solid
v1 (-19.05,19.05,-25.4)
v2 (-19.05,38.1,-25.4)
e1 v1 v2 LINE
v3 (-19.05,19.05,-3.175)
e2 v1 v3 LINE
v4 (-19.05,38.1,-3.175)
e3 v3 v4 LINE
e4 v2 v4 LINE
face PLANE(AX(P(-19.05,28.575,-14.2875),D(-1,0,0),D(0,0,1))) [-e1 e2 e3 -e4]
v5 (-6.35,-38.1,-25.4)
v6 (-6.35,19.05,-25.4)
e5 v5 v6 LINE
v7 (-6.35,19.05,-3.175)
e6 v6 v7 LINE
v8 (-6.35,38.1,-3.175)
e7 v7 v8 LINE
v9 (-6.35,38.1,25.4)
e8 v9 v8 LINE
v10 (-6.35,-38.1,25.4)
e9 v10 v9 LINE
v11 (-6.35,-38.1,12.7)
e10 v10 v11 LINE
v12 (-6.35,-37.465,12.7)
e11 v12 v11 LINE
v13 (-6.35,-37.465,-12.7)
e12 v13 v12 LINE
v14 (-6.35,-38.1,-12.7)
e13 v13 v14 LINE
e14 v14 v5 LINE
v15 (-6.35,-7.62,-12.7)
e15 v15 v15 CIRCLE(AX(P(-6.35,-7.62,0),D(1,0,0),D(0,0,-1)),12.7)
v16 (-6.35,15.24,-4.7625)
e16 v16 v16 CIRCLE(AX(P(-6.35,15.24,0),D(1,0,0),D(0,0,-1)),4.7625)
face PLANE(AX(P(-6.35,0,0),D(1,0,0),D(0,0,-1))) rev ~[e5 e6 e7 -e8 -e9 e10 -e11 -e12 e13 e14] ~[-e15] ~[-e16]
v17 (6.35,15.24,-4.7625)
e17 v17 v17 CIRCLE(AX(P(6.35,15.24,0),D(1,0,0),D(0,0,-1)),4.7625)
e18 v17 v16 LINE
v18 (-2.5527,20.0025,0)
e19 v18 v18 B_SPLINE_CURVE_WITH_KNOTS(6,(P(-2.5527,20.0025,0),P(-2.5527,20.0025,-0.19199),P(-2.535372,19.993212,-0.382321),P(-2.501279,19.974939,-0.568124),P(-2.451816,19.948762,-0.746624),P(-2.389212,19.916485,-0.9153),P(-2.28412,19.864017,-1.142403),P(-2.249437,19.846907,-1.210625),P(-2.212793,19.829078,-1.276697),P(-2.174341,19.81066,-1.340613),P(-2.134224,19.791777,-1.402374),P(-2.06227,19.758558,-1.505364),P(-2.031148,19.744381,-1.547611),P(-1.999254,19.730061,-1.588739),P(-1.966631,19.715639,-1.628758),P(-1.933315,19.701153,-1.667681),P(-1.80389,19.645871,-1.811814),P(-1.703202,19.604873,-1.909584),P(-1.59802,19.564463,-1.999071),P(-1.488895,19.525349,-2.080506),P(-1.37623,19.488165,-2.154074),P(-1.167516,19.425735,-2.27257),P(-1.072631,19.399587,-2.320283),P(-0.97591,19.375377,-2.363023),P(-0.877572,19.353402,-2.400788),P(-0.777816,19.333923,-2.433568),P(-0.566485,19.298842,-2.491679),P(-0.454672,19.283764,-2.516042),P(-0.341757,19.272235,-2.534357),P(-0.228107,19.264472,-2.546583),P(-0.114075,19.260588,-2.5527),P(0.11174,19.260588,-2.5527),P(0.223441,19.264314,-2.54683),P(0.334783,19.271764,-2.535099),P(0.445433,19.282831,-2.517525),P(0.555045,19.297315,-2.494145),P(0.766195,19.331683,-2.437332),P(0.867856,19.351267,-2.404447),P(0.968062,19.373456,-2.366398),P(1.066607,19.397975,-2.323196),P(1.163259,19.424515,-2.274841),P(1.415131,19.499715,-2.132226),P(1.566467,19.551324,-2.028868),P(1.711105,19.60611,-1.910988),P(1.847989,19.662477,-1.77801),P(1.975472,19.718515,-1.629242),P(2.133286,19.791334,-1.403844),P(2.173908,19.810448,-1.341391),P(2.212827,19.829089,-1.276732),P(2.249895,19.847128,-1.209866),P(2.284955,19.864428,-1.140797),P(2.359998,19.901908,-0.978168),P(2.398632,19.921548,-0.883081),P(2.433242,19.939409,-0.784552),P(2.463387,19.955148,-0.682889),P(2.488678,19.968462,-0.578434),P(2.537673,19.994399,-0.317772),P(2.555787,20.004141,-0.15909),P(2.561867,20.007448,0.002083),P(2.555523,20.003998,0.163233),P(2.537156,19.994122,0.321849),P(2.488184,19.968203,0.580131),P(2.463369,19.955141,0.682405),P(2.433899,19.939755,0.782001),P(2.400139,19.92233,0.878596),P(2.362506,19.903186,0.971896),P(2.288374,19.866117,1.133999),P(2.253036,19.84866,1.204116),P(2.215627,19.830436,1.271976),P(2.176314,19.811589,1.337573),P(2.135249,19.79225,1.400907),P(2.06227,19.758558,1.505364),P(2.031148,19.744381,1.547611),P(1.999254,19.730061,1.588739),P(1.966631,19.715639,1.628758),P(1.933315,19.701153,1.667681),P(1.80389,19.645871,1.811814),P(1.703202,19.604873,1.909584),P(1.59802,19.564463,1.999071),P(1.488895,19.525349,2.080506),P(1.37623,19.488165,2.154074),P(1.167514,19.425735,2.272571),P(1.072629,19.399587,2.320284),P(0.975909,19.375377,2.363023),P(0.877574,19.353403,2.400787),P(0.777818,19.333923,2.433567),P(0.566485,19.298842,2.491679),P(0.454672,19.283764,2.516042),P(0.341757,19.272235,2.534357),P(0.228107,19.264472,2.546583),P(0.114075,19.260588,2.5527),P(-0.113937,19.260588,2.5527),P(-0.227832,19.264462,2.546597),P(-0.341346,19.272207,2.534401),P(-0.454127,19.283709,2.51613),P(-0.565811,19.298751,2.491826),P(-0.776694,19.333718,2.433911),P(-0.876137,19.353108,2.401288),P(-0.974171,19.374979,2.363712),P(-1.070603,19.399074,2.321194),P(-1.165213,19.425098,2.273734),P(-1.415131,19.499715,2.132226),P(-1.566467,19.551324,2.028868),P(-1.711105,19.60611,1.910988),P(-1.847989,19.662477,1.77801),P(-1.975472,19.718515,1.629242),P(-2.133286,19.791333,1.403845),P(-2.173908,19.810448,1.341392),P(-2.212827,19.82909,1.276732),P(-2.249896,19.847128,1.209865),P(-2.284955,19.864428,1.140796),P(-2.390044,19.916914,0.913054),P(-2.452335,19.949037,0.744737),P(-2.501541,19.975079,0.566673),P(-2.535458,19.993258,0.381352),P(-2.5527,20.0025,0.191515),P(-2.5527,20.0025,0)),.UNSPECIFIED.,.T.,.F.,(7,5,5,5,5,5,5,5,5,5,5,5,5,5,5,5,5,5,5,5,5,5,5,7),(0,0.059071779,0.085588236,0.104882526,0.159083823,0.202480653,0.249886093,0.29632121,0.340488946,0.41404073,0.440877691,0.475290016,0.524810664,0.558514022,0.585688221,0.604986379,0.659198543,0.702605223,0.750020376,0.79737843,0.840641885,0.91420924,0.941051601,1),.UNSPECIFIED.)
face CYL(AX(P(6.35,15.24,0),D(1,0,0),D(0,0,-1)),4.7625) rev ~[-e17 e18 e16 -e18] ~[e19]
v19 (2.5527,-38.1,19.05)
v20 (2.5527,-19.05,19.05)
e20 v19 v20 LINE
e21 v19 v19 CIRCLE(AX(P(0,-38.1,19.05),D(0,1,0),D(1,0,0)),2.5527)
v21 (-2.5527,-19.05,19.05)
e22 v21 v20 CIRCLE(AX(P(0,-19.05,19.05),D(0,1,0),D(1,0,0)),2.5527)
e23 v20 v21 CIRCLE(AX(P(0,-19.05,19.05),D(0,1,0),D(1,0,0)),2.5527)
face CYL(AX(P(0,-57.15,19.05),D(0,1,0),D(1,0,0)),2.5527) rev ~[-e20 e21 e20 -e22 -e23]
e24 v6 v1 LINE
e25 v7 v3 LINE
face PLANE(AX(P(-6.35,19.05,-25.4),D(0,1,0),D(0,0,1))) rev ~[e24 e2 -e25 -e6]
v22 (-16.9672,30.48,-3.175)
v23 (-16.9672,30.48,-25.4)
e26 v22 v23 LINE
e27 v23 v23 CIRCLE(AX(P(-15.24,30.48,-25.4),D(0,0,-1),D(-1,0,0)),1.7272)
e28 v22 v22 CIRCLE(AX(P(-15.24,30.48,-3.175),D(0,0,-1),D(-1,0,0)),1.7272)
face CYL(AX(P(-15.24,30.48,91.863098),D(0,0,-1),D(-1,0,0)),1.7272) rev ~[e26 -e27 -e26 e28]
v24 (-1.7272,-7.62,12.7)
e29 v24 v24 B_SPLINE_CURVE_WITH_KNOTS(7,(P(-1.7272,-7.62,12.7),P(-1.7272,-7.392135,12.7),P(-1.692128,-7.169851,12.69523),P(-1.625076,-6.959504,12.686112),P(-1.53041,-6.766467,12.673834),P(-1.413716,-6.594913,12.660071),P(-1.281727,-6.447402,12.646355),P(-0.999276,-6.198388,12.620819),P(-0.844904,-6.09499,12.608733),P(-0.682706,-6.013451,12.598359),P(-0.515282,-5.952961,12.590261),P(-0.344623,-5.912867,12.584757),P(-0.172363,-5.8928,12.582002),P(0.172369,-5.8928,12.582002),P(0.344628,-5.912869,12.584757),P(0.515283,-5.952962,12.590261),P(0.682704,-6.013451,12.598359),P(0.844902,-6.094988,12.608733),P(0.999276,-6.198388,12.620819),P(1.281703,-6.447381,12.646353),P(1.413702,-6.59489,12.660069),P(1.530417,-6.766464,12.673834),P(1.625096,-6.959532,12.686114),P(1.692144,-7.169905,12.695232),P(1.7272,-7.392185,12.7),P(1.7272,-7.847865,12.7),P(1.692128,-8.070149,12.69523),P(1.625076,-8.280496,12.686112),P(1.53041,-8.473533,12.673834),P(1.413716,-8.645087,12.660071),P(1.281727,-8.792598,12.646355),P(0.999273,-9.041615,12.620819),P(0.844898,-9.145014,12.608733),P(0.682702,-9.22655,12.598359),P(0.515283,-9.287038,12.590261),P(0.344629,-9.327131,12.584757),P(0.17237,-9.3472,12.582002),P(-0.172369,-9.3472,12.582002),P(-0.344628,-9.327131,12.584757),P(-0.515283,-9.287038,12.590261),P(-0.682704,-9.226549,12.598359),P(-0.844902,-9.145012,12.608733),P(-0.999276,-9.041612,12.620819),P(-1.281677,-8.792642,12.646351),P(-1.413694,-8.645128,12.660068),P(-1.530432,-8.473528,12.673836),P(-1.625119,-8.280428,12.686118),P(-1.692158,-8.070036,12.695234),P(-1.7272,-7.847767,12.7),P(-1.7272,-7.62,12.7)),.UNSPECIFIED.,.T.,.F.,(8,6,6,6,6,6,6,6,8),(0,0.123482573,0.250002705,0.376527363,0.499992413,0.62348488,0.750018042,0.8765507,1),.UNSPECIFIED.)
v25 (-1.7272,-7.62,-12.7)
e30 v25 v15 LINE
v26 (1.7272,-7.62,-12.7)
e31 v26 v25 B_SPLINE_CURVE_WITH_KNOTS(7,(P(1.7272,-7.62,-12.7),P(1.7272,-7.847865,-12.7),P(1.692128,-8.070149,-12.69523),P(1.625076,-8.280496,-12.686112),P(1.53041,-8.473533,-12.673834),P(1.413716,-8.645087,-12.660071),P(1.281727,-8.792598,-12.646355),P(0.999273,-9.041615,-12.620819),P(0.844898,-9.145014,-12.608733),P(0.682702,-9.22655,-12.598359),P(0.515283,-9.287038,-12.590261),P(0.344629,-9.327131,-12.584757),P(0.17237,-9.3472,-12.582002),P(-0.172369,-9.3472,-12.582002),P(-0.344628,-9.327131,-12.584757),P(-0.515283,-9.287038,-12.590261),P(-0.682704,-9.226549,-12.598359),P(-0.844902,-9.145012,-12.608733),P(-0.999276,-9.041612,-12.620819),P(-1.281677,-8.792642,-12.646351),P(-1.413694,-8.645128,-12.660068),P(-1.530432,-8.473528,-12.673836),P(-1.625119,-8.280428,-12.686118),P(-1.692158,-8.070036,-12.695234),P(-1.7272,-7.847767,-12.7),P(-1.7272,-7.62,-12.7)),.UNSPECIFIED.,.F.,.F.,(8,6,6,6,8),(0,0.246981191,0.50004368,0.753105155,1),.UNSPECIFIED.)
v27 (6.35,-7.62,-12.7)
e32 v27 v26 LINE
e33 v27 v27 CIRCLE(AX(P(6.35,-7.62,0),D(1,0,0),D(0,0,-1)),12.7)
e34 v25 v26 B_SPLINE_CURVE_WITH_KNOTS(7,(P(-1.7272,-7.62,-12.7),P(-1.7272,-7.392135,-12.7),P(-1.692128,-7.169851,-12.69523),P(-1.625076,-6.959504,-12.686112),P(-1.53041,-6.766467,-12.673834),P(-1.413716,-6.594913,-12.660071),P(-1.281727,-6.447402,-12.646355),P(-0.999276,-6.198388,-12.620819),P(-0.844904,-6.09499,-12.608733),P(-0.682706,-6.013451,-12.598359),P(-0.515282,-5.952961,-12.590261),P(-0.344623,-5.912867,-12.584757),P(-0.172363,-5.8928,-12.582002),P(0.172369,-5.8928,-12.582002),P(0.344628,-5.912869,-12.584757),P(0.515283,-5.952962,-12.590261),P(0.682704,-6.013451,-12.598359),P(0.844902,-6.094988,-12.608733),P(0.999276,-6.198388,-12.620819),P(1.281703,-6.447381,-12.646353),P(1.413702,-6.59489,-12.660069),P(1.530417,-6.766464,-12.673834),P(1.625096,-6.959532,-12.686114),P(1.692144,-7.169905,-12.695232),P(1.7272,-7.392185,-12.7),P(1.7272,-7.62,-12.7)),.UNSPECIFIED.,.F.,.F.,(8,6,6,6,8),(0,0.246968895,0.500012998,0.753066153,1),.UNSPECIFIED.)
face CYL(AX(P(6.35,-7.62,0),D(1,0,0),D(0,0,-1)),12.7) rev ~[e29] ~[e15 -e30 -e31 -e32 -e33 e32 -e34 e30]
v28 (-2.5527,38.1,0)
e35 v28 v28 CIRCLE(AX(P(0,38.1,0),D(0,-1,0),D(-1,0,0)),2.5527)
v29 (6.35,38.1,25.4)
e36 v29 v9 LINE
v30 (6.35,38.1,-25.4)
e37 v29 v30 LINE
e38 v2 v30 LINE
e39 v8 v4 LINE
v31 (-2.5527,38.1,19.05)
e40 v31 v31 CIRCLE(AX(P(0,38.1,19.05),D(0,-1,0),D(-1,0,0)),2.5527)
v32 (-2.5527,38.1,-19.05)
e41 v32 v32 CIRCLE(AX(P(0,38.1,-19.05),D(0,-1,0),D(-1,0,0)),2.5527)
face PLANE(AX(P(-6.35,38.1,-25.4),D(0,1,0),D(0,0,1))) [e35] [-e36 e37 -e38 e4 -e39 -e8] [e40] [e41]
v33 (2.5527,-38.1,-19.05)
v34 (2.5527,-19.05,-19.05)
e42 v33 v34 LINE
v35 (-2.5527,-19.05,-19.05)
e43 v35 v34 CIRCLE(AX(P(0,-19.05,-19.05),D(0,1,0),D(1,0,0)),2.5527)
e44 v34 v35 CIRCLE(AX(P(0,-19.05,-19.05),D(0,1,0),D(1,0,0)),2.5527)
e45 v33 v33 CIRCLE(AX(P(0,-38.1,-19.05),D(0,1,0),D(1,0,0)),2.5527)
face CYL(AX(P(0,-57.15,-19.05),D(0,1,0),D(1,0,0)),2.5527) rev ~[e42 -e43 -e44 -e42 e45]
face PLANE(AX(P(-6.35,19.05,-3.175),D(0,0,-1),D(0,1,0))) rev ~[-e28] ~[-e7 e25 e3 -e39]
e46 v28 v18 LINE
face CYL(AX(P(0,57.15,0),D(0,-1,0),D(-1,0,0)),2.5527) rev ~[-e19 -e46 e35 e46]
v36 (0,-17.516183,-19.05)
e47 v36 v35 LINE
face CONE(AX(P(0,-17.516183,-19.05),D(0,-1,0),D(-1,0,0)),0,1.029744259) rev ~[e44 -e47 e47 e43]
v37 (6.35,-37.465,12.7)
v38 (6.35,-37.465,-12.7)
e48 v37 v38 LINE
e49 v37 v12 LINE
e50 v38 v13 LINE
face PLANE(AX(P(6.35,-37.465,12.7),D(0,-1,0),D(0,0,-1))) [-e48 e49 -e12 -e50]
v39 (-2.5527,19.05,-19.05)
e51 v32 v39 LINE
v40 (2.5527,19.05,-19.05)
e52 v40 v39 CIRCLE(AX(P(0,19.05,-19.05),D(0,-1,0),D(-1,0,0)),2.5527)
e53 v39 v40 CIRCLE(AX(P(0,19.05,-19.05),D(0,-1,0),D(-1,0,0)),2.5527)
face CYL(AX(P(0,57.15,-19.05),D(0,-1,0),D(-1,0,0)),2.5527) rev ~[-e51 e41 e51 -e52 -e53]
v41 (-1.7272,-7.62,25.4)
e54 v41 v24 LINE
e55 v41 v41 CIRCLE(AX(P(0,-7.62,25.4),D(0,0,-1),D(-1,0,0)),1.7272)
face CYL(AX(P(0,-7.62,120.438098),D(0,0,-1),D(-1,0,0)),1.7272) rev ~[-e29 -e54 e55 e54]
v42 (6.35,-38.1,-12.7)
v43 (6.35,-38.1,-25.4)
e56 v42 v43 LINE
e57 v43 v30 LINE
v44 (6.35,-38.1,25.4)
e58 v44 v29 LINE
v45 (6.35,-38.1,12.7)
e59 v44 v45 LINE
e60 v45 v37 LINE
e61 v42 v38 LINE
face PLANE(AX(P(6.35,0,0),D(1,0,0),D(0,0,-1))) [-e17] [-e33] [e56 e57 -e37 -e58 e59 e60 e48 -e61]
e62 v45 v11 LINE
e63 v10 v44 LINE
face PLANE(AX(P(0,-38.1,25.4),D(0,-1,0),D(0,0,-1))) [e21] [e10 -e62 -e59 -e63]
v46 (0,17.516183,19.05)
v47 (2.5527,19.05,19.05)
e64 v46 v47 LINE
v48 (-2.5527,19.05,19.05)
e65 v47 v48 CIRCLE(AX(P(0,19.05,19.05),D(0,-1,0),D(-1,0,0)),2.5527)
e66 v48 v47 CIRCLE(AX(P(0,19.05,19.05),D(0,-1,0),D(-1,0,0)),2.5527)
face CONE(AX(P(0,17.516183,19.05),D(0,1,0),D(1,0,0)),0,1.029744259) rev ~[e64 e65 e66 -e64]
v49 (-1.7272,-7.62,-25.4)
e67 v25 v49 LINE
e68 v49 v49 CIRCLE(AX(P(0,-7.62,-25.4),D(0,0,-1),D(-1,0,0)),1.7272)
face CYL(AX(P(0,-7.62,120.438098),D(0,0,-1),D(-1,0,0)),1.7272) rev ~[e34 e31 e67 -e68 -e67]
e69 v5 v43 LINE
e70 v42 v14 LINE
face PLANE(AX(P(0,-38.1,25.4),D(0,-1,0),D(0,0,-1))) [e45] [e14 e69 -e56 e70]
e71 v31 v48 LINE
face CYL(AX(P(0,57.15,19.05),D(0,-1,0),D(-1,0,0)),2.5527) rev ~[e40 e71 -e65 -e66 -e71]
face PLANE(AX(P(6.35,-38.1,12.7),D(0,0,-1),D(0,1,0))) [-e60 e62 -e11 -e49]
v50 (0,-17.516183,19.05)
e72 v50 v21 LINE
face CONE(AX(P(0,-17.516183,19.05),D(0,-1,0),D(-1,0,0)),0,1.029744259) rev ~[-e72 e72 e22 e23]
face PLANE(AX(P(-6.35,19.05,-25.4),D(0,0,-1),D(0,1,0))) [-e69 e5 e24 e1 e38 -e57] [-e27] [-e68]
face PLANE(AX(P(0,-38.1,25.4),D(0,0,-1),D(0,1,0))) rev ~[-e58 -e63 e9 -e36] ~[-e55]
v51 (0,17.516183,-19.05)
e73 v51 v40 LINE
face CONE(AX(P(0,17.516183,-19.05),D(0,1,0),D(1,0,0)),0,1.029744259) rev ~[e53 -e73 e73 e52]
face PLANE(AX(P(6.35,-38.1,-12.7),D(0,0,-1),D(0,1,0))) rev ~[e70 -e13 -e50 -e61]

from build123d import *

# Parameters (mm, degrees)
SKETCH1_W                   = 50.8
SKETCH1_H                   = 76.2
BOSS_EXTRUDE1_DEPTH         = 6.35
F_1_4_20_TAPPED_HOLE1_D     = 5.1054
F_1_4_20_TAPPED_HOLE1_DEPTH = 19.05
F_1_4_20_TAPPED_HOLE1_TIP   = 1.533816902
CUT_EXTRUDE1_REACH          = 14.7
SKETCH5_W                   = 25.4
SKETCH5_H                   = 0.635
F_1_4_20_TAPPED_HOLE2_D     = 5.1054
F_1_4_20_TAPPED_HOLE2_DEPTH = 19.05
F_1_4_20_TAPPED_HOLE2_TIP   = 1.533816902
CUT_EXTRUDE2_REACH          = 14.7
SKETCH8_R                   = 12.7
SKETCH9_W                   = 22.225
SKETCH9_H                   = 19.05
BOSS_EXTRUDE2_DEPTH         = 12.7
F_8_32_TAPPED_HOLE1_D       = 3.4544
SKETCH12_R                  = 4.7625
CUT_EXTRUDE3_DEPTH          = 26.4
F_8_32_TAPPED_HOLE2_D       = 3.4544


with BuildPart() as part:
    # Sketch1 → Boss-Extrude1 (new body, symmetric)
    with BuildSketch(Plane(origin=(0, 0, 0), x_dir=(0, 0, -1), z_dir=(1, 0, 0))):
        Rectangle(SKETCH1_W, SKETCH1_H)
    extrude(amount=BOSS_EXTRUDE1_DEPTH, both=True)

    # 1/4-20 Tapped Hole1
    with Locations(Plane(origin=(0, -38.1, 0), x_dir=(-1, 0, 0), z_dir=(0, -1, 0))):
        with Locations((0, -19.05), (0, 19.05)):
            Hole(F_1_4_20_TAPPED_HOLE1_D / 2, depth=F_1_4_20_TAPPED_HOLE1_DEPTH)
            with Locations((0, 0, -(F_1_4_20_TAPPED_HOLE1_DEPTH + F_1_4_20_TAPPED_HOLE1_TIP / 2))):  # 118° drill point
                Cone(0, F_1_4_20_TAPPED_HOLE1_D / 2, F_1_4_20_TAPPED_HOLE1_TIP, mode=Mode.SUBTRACT)

    # Sketch5 → Cut-Extrude1 (cut, up to next)
    with BuildSketch(Plane(origin=(6.35, 0, 0), x_dir=(0, 0, -1), z_dir=(1, 0, 0)), mode=Mode.PRIVATE) as cut_extrude1_sk1:
        with Locations((0, -37.7825)):
            Rectangle(SKETCH5_W, SKETCH5_H)
    cut_extrude1_tool1 = extrude(cut_extrude1_sk1.sketch, amount=-CUT_EXTRUDE1_REACH, mode=Mode.PRIVATE) & part.part
    add(cut_extrude1_tool1.solids().sort_by_distance((6.35, -37.7825, 0))[0], mode=Mode.SUBTRACT)

    # 1/4-20 Tapped Hole2
    with Locations(Plane(origin=(0, 38.1, 0), x_dir=(1, 0, 0), z_dir=(0, 1, 0))):
        with Locations((0, 19.05), (0, 0), (0, -19.05)):
            Hole(F_1_4_20_TAPPED_HOLE2_D / 2, depth=F_1_4_20_TAPPED_HOLE2_DEPTH)
            with Locations((0, 0, -(F_1_4_20_TAPPED_HOLE2_DEPTH + F_1_4_20_TAPPED_HOLE2_TIP / 2))):  # 118° drill point
                Cone(0, F_1_4_20_TAPPED_HOLE2_D / 2, F_1_4_20_TAPPED_HOLE2_TIP, mode=Mode.SUBTRACT)

    # Sketch8 → Cut-Extrude2 (cut, up to next)
    with BuildSketch(Plane(origin=(6.35, 0, 0), x_dir=(0, 0, -1), z_dir=(1, 0, 0)), mode=Mode.PRIVATE) as cut_extrude2_sk1:
        with Locations((0, -7.62)):
            Circle(SKETCH8_R)
    cut_extrude2_tool1 = extrude(cut_extrude2_sk1.sketch, amount=-CUT_EXTRUDE2_REACH, mode=Mode.PRIVATE) & part.part
    add(cut_extrude2_tool1.solids().sort_by_distance((6.35, -7.62, 0))[0], mode=Mode.SUBTRACT)

    # Sketch9 → Boss-Extrude2 (add)
    with BuildSketch(Plane.ZY.offset(6.35)):
        with Locations((-14.2875, 28.575)):
            Rectangle(SKETCH9_W, SKETCH9_H)
    extrude(amount=BOSS_EXTRUDE2_DEPTH)

    # #8-32 Tapped Hole1 (through all)
    with Locations(Plane.XY.offset(-3.175)):
        with Locations((-15.24, 30.48)):
            Hole(F_8_32_TAPPED_HOLE1_D / 2)

    # Sketch12 → Cut-Extrude3 (cut, through all)
    with BuildSketch(Plane(origin=(6.35, 0, 0), x_dir=(0, 0, -1), z_dir=(1, 0, 0))):
        with Locations((0, 15.24)):
            Circle(SKETCH12_R)
    extrude(amount=-CUT_EXTRUDE3_DEPTH, mode=Mode.SUBTRACT)

    # #8-32 Tapped Hole2 (through all)
    with Locations(Plane.XY.offset(25.4)):
        with Locations((0, -7.62)):
            Hole(F_8_32_TAPPED_HOLE2_D / 2)


solid = part.part
